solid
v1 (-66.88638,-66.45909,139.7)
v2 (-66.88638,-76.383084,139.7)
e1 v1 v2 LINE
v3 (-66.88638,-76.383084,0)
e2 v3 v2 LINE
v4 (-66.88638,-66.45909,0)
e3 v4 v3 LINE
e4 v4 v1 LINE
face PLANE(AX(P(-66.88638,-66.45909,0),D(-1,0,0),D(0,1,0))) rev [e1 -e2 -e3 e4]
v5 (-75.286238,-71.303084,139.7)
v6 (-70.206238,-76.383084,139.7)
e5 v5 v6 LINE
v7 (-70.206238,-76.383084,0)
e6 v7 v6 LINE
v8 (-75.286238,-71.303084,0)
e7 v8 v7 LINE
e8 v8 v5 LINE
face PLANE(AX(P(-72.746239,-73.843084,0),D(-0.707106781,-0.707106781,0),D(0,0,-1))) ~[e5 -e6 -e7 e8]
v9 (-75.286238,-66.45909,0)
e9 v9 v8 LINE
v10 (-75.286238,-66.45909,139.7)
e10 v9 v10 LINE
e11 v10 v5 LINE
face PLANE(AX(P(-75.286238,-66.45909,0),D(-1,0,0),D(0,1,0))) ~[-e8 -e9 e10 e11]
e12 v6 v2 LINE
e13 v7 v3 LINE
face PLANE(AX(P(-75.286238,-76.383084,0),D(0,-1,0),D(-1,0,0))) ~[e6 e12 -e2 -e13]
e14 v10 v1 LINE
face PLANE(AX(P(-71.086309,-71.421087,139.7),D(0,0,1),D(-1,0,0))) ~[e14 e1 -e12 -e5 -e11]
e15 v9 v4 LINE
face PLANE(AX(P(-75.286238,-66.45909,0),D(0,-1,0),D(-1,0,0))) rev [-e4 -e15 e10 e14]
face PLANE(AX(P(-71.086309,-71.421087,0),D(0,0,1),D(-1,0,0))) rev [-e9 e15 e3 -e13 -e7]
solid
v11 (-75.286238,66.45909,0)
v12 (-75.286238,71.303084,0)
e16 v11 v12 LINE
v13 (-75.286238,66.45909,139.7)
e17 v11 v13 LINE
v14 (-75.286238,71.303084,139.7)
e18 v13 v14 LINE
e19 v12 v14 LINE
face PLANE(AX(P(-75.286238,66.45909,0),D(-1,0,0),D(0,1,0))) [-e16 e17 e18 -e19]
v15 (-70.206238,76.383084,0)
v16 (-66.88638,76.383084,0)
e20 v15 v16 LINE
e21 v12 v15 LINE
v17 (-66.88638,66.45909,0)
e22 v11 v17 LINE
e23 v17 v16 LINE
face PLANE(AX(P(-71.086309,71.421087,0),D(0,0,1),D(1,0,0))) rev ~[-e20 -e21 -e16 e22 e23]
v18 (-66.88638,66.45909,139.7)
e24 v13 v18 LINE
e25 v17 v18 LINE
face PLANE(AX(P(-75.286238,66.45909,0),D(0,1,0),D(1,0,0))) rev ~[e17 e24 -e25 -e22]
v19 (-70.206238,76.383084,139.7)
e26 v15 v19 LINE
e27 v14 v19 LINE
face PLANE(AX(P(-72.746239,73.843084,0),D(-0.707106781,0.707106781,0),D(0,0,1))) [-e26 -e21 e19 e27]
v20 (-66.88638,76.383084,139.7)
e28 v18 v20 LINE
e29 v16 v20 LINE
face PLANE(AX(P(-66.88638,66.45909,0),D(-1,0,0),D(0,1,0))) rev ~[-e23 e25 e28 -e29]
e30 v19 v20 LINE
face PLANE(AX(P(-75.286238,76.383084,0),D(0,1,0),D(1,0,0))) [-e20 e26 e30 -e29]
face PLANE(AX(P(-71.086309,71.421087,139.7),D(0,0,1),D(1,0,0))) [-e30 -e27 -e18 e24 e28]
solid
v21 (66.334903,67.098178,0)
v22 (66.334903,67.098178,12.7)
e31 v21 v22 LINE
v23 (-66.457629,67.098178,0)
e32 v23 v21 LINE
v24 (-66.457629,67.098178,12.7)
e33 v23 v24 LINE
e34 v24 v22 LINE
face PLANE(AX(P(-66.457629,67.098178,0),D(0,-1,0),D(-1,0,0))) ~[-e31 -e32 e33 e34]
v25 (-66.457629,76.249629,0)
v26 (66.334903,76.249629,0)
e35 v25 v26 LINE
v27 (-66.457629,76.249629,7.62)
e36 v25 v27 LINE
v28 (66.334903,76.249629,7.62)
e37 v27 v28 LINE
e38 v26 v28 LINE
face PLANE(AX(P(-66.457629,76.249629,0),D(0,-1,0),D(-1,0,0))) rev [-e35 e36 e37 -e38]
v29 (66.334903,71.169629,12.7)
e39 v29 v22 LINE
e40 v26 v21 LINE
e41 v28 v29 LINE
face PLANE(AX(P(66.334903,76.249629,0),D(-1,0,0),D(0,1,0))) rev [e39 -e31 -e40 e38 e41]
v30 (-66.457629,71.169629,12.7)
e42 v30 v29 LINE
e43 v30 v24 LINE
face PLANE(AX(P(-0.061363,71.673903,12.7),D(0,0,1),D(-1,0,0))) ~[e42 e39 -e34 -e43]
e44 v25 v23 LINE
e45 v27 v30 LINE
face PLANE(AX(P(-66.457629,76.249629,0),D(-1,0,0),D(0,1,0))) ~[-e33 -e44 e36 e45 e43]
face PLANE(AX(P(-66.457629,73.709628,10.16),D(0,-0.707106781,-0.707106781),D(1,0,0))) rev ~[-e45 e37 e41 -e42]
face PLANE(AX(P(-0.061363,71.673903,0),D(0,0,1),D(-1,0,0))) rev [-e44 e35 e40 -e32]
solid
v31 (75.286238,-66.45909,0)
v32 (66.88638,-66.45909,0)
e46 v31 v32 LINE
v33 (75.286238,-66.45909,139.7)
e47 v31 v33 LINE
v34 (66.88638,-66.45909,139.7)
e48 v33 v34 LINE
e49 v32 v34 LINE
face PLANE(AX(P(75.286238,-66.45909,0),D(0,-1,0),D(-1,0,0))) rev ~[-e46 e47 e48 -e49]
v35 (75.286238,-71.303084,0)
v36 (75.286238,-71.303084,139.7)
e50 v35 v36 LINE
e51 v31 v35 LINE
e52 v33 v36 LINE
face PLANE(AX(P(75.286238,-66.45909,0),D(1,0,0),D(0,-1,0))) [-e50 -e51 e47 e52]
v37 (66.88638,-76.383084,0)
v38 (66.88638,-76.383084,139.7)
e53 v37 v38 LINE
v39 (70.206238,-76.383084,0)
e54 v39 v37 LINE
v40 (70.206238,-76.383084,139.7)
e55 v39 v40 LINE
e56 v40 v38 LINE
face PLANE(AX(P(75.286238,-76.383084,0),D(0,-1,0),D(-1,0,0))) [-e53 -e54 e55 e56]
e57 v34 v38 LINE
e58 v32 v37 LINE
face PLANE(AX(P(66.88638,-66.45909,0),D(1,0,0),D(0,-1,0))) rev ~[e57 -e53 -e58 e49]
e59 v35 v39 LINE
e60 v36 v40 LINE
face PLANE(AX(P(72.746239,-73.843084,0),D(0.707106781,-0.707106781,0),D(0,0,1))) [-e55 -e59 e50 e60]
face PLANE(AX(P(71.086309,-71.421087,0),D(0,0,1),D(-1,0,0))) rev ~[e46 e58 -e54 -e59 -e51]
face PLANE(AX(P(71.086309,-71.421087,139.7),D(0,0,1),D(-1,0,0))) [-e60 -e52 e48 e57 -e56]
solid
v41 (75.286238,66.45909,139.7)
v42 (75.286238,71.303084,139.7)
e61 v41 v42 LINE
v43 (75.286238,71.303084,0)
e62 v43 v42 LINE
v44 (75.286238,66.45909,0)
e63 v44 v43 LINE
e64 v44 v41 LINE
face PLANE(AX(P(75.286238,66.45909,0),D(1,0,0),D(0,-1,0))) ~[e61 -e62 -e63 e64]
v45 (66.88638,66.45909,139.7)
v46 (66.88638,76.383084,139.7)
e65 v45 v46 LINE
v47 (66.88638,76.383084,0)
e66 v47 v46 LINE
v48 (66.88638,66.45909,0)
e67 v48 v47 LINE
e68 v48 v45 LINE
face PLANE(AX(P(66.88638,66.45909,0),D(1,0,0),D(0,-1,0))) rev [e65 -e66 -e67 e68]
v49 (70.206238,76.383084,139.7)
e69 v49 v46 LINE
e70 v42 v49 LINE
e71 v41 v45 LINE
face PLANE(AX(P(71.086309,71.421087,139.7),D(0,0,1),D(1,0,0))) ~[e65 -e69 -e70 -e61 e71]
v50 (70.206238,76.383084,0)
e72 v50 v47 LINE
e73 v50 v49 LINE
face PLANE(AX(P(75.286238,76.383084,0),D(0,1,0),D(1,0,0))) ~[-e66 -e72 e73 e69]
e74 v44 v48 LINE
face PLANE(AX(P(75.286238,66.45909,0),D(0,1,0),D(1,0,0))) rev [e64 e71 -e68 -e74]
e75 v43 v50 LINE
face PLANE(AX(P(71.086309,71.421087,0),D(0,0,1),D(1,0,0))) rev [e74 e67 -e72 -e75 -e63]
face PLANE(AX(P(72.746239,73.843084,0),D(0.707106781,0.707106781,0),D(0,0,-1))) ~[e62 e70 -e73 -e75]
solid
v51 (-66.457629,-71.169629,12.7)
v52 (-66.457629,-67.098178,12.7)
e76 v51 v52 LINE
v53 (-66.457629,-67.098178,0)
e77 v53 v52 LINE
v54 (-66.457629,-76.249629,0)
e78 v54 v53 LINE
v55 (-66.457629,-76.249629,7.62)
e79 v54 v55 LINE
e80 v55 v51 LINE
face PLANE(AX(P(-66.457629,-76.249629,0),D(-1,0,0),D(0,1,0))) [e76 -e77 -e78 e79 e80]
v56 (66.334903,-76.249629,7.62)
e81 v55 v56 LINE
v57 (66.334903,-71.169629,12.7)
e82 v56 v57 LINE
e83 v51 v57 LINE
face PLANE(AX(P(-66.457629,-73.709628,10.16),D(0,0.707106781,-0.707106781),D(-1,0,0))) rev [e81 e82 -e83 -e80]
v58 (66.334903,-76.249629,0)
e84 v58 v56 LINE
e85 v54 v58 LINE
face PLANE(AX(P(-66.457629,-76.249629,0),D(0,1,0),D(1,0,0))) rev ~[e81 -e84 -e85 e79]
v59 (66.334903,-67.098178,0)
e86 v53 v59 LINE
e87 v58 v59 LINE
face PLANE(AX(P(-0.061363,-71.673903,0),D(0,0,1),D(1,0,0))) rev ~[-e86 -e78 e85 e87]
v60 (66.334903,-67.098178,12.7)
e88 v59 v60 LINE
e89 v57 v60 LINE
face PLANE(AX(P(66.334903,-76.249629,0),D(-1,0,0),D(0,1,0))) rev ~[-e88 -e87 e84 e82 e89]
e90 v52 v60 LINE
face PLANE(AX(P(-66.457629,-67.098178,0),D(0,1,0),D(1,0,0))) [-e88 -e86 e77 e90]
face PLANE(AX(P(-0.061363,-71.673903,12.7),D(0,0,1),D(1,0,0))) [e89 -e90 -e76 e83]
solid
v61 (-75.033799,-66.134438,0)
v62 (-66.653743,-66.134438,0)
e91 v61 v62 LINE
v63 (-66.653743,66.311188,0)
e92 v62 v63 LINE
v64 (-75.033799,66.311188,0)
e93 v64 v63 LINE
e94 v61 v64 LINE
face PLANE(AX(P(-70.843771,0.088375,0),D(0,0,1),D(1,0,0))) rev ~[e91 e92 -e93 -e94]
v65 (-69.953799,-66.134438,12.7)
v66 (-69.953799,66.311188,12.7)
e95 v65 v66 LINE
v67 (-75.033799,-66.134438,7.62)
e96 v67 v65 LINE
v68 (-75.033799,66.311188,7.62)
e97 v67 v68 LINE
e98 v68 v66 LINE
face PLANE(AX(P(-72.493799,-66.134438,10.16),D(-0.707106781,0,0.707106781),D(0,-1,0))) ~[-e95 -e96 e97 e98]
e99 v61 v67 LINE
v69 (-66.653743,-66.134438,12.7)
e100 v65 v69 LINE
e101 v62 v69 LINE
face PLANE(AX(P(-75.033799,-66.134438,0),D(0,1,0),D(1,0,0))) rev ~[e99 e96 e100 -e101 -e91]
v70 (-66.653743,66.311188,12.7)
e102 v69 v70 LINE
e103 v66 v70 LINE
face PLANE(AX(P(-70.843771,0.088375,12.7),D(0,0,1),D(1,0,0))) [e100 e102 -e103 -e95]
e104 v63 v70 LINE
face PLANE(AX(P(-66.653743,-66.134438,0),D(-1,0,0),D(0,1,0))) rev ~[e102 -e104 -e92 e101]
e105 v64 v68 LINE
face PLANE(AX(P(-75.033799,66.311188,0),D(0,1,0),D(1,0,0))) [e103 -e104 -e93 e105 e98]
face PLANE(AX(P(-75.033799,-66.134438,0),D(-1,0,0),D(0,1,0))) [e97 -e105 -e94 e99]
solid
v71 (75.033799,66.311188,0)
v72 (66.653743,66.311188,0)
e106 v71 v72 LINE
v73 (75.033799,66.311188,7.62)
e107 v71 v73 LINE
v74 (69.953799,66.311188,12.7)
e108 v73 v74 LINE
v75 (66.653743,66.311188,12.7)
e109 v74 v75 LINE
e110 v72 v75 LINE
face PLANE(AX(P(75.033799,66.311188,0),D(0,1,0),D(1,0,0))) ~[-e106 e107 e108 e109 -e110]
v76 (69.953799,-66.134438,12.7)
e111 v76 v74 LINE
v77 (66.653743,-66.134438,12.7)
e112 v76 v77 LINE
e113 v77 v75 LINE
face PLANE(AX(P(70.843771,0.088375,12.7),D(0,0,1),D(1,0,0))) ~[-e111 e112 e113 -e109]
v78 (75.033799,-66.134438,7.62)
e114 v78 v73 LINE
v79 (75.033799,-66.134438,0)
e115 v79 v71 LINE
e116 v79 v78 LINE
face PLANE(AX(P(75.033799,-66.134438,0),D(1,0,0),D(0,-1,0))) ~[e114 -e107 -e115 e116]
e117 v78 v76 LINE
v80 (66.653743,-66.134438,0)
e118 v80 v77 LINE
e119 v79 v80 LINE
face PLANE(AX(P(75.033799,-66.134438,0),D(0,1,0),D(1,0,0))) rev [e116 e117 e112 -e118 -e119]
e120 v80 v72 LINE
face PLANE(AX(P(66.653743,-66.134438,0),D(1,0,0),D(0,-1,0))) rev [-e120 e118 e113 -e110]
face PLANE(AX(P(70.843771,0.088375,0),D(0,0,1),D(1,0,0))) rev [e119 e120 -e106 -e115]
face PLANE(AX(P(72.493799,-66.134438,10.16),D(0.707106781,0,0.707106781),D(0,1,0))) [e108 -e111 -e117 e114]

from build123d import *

# Parameters (mm, degrees)
F0_W       = 8.399859
F0_H       = 9.923994
F1_DEPTH   = 139.7
F5_W       = 8.380056
F5_H       = 132.445626
F6_DEPTH   = 12.7
F8_W       = 132.792532
F8_H       = 9.151451
F9_DEPTH   = 12.7
F11_SIZE   = 5.08
F12_SIZE   = 5.08
F12_2_SIZE = 5.08


with BuildPart() as f1:
    # F0 (on Top) → F1 (new body)
    with BuildSketch(Plane.XY):
        with Locations((-71.086309, 71.421087)):
            Rectangle(F0_W, F0_H)
    extrude(amount=F1_DEPTH)

    # F11
    f11_edges = [f1.edges().sort_by_distance(p)[0] for p in [
        (-75.286239, 76.383084, 69.85),
    ]]
    chamfer(f11_edges, length=F11_SIZE)


with BuildPart() as f2_1:
    # F2: instance of F1
    add(f1.part.mirror(Plane.YZ))

    # F7: F6, F1 across plane


with BuildPart() as f3_1:
    # F3: instance of F2_1
    add(f2_1.part.mirror(Plane.XZ))


with BuildPart() as f4_1:
    # F4: instance of F3_1
    add(f3_1.part.mirror(Plane.YZ))


with BuildPart() as f6:
    # F5 (on Top) → F6 (new body)
    with BuildSketch(Plane.XY):
        with Locations((-70.843771, 0.088375)):
            Rectangle(F5_W, F5_H)
    extrude(amount=F6_DEPTH)

    # F12#2
    f12_2_edges = [f6.edges().sort_by_distance(p)[0] for p in [
        (-75.033799, 0.088375, 12.7),
    ]]
    chamfer(f12_2_edges, length=F12_2_SIZE)


with BuildPart() as f2_1_1:
    add(f2_1.part)
    add(f6.part.mirror(Plane.YZ))
    add(f1.part.mirror(Plane.YZ))


with BuildPart() as f9:
    # F8 (on Top) → F9 (new body)
    with BuildSketch(Plane.XY):
        with Locations((-0.061363, -71.673903)):
            Rectangle(F8_W, F8_H)
    extrude(amount=F9_DEPTH)

    # F12
    f12_edges = [f9.edges().sort_by_distance(p)[0] for p in [
        (-0.061363, -76.249629, 12.7),
    ]]
    chamfer(f12_edges, length=F12_SIZE)


with BuildPart() as f10_1:
    # F10: instance of F9
    add(f9.part.mirror(Plane.XZ))


solid = Compound([f1.part, f3_1.part, f4_1.part, f6.part, f2_1_1.part, f9.part, f10_1.part])
